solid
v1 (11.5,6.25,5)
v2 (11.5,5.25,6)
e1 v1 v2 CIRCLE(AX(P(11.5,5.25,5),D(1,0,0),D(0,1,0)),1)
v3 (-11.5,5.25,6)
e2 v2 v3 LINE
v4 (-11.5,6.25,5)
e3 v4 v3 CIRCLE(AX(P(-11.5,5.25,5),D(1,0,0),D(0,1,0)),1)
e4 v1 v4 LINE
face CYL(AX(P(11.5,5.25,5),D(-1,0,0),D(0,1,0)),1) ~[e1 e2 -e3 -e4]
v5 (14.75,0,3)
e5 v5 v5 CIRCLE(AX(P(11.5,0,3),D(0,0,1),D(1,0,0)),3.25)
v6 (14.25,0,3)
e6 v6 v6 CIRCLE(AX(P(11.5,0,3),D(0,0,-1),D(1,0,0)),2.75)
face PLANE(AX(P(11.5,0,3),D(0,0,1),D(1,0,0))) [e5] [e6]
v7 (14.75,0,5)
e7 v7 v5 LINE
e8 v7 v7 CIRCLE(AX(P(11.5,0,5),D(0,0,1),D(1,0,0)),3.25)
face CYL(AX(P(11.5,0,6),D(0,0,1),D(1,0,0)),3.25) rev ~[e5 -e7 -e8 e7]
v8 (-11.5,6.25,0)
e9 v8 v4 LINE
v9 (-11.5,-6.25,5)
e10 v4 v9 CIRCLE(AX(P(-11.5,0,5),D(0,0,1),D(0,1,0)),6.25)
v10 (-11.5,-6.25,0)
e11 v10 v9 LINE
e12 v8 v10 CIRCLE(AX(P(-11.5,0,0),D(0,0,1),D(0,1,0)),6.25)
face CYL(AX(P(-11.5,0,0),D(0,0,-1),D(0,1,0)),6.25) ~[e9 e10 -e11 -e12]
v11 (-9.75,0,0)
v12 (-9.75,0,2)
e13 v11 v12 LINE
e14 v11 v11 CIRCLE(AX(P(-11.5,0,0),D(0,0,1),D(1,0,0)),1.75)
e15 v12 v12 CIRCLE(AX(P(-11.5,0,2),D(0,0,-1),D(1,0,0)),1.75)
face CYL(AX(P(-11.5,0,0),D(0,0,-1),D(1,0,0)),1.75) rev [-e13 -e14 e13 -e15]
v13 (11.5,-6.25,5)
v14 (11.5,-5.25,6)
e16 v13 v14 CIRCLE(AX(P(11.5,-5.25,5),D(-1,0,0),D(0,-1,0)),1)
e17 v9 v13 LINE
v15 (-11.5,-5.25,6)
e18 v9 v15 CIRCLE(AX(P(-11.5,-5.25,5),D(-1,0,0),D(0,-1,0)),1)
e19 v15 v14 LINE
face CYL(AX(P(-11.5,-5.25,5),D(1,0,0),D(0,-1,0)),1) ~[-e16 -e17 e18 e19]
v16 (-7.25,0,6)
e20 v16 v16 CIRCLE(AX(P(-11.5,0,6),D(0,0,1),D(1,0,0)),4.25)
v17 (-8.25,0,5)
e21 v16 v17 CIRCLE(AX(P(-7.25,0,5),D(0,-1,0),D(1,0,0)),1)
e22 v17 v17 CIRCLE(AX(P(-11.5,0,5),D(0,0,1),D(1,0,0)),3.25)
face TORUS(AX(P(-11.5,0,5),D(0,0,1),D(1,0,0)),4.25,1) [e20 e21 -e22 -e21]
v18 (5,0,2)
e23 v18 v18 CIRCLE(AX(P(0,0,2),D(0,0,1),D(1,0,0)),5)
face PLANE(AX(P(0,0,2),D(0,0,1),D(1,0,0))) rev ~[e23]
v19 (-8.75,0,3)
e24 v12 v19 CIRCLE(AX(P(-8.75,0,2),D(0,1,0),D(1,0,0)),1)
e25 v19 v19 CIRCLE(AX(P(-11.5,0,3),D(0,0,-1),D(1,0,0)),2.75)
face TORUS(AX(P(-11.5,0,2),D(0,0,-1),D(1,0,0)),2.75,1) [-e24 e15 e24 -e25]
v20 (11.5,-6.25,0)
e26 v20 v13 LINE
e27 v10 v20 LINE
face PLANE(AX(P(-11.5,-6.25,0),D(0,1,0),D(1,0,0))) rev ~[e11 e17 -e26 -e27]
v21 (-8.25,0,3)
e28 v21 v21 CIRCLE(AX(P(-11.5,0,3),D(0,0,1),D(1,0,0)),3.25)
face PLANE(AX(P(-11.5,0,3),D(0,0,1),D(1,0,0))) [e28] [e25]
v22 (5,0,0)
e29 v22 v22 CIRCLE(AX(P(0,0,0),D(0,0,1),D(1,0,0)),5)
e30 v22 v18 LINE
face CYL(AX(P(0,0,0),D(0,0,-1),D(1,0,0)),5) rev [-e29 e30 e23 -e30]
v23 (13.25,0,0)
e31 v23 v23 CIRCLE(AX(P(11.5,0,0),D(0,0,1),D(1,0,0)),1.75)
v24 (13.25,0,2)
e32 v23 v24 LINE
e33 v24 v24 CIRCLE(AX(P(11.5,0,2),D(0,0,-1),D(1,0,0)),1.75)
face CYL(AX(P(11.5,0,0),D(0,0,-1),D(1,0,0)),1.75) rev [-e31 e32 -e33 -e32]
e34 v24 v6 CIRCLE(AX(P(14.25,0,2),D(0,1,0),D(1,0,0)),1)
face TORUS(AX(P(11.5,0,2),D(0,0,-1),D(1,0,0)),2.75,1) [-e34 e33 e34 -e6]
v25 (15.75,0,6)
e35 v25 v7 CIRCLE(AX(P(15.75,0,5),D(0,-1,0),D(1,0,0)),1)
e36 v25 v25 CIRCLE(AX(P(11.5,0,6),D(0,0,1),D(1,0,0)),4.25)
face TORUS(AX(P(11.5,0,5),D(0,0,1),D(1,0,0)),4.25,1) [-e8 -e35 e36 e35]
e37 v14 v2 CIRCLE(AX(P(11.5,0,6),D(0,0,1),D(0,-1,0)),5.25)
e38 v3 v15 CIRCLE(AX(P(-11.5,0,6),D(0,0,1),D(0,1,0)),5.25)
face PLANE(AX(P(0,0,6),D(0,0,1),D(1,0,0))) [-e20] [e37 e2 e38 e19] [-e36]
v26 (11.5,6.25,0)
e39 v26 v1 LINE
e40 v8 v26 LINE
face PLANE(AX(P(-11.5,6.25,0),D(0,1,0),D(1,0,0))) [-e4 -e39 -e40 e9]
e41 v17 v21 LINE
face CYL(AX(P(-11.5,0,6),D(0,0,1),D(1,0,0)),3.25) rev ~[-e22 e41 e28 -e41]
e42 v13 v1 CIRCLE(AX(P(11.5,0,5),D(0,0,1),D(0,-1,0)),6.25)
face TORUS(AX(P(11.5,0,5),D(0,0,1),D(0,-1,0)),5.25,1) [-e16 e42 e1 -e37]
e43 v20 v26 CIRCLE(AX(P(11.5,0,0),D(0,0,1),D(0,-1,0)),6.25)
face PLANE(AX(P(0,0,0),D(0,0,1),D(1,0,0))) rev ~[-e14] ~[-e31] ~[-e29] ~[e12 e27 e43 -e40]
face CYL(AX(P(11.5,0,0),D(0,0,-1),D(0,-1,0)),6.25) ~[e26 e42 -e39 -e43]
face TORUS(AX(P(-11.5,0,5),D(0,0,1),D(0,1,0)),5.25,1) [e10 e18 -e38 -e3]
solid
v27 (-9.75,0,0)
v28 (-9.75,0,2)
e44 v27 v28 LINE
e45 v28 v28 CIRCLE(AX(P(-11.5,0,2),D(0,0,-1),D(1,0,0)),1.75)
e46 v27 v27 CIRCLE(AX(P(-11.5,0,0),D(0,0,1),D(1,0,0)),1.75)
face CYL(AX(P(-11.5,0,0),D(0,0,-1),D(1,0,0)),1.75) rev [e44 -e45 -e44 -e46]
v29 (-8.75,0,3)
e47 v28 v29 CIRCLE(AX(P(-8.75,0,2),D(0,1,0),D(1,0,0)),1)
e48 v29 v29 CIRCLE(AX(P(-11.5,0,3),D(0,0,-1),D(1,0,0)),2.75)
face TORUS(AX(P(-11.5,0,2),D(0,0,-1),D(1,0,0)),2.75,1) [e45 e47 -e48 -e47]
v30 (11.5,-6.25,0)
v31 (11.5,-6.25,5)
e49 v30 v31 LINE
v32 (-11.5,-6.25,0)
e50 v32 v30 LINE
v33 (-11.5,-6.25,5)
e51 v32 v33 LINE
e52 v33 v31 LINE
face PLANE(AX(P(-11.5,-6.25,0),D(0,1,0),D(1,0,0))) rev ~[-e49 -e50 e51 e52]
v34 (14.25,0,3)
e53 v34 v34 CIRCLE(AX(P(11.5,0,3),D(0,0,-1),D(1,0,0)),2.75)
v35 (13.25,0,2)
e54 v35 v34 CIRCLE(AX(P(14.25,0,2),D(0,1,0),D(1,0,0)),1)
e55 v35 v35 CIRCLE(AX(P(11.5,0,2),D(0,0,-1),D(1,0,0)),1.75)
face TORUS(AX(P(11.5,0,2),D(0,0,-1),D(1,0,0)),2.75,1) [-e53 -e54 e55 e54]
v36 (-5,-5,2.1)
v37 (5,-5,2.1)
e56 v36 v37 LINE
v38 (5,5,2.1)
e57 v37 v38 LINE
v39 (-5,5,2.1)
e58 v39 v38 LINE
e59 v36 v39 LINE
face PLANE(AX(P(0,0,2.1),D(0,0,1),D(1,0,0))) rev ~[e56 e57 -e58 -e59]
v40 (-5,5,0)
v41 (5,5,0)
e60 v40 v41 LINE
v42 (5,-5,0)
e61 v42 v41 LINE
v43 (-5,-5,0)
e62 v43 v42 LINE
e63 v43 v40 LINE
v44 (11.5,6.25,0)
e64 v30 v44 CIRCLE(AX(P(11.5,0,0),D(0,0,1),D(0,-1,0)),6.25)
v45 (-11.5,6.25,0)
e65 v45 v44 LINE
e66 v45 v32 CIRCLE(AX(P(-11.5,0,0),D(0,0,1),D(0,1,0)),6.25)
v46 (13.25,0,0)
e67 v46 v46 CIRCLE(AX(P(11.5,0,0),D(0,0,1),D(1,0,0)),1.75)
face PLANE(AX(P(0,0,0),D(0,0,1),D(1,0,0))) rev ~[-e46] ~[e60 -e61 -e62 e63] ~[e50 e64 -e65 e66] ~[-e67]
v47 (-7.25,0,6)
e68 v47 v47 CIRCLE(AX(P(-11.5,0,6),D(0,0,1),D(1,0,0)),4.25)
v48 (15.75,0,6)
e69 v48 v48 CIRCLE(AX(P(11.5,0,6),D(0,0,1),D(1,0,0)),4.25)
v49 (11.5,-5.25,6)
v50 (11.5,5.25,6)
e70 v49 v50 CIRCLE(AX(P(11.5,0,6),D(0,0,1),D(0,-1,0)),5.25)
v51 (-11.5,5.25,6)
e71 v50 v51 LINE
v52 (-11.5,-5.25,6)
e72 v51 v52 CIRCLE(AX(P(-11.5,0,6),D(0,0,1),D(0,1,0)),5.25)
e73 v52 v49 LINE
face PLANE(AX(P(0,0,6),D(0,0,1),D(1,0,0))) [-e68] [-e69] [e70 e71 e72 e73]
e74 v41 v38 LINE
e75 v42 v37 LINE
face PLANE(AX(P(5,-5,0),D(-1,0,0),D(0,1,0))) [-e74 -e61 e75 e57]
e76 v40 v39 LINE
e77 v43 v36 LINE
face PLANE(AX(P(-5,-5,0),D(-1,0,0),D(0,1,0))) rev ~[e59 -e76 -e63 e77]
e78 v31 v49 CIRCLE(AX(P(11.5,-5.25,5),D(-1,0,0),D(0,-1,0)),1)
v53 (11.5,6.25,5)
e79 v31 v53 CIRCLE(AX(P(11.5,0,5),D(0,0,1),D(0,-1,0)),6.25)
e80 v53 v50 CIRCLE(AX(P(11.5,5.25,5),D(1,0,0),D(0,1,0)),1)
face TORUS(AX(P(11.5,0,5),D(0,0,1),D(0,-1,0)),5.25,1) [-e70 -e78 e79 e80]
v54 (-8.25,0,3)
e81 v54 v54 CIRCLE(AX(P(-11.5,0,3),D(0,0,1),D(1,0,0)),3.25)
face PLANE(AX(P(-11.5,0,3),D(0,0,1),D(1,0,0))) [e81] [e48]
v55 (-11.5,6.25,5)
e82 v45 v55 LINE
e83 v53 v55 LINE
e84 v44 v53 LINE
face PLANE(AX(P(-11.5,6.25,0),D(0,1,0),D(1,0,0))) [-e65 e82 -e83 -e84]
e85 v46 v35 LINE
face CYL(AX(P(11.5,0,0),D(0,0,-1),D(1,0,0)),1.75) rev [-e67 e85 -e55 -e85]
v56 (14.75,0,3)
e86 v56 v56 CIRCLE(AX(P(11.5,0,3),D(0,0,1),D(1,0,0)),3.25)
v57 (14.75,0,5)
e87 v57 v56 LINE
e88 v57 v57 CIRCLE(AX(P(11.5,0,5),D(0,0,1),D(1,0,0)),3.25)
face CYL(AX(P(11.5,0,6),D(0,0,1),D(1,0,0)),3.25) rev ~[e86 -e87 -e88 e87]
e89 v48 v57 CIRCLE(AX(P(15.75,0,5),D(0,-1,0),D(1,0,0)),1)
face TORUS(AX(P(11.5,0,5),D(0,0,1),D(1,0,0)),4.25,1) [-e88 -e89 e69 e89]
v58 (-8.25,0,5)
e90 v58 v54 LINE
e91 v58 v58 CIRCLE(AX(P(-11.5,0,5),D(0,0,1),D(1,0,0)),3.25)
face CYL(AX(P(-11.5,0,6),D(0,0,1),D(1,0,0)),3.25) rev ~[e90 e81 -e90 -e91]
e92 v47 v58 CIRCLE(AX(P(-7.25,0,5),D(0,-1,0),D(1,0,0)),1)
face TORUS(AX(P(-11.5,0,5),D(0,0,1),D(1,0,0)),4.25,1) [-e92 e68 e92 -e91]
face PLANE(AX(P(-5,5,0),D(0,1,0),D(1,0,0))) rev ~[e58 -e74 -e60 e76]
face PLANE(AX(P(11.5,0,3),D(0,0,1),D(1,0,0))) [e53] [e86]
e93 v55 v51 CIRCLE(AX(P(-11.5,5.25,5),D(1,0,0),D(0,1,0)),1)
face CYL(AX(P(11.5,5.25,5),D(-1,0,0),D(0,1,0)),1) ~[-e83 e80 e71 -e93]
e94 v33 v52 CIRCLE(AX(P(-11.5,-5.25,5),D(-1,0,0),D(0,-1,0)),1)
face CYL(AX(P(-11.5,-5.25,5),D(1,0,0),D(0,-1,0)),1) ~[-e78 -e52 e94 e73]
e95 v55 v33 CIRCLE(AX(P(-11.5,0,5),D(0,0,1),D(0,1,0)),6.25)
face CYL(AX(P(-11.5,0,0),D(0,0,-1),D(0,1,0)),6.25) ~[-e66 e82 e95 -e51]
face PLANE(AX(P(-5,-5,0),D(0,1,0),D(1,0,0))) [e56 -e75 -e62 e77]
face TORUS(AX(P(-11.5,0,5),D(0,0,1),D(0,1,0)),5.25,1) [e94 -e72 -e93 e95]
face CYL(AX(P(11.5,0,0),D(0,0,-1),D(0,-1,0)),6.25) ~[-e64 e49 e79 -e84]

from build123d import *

# Parameters (mm, degrees)
PAD_DEPTH       = 6
SKETCH002_W     = 10
SKETCH002_H     = 10
POCKET_DEPTH    = 2.1
SKETCH003_R     = 1.75
POCKET001_DEPTH = 6.001
FILLET_R        = 1
SKETCH004_R     = 3.25
POCKET002_DEPTH = 3
FILLET001_R     = 1
PAD001_DEPTH    = 6
SKETCH006_R     = 5
POCKET003_DEPTH = 2
SKETCH007_R     = 1.75
POCKET004_DEPTH = 6.001
FILLET002_R     = 1
SKETCH008_R     = 3.25
POCKET005_DEPTH = 3
FILLET003_R     = 1


with BuildPart() as square_magnet_body:
    # Sketch → Pad (new body)
    with BuildSketch(Plane.XY):
        with BuildLine():
            ThreePointArc((-11.5, 6.25), (-17.75, 0), (-11.5, -6.25))
            Line((-11.5, -6.25), (11.5, -6.25))
            ThreePointArc((11.5, -6.25), (17.75, 0), (11.5, 6.25))
            Line((-11.5, 6.25), (11.5, 6.25))
        make_face()
    extrude(amount=PAD_DEPTH)

    # Sketch002 → Pocket (cut)
    with BuildSketch(Plane.XY):
        Rectangle(SKETCH002_W, SKETCH002_H)
    extrude(amount=POCKET_DEPTH, mode=Mode.SUBTRACT)

    # Sketch003 → Pocket001 (cut, through all)
    with BuildSketch(Plane.XY):
        with Locations((11.5, 0)):
            Circle(SKETCH003_R)
        with Locations((-11.5, 0)):
            Circle(SKETCH003_R)
    extrude(amount=POCKET001_DEPTH, mode=Mode.SUBTRACT)

    # Fillet
    fillet_edges = [square_magnet_body.edges().sort_by_distance(p)[0] for p in [
        (0, -6.25, 6),
        (17.75, 0, 6),
        (0, 6.25, 6),
        (-17.75, 0, 6),
    ]]
    fillet(fillet_edges, radius=FILLET_R)

    # Sketch004 → Pocket002 (cut)
    with BuildSketch(Plane.XY.offset(6)):
        with Locations((-11.5, 0)):
            Circle(SKETCH004_R)
        with Locations((11.5, 0)):
            Circle(SKETCH004_R)
    extrude(amount=-POCKET002_DEPTH, mode=Mode.SUBTRACT)

    # Fillet001
    fillet001_edges = [square_magnet_body.edges().sort_by_distance(p)[0] for p in [
        (-14.75, 0, 6),
        (8.25, 0, 6),
        (-13.25, 0, 3),
        (9.75, 0, 3),
    ]]
    fillet(fillet001_edges, radius=FILLET001_R)


with BuildPart() as round_magnet_body:
    # Sketch005 → Pad001 (new body)
    with BuildSketch(Plane.XY):
        with BuildLine():
            ThreePointArc((-11.5, 6.25), (-17.75, 0), (-11.5, -6.25))
            Line((-11.5, -6.25), (11.5, -6.25))
            ThreePointArc((11.5, -6.25), (17.75, 0), (11.5, 6.25))
            Line((-11.5, 6.25), (11.5, 6.25))
        make_face()
    extrude(amount=PAD001_DEPTH)

    # Sketch006 → Pocket003 (cut)
    with BuildSketch(Plane.XY):
        Circle(SKETCH006_R)
    extrude(amount=POCKET003_DEPTH, mode=Mode.SUBTRACT)

    # Sketch007 → Pocket004 (cut, through all)
    with BuildSketch(Plane.XY):
        with Locations((11.5, 0)):
            Circle(SKETCH007_R)
        with Locations((-11.5, 0)):
            Circle(SKETCH007_R)
    extrude(amount=POCKET004_DEPTH, mode=Mode.SUBTRACT)

    # Fillet002
    fillet002_edges = [round_magnet_body.edges().sort_by_distance(p)[0] for p in [
        (0, -6.25, 6),
        (-9.75, 0, 3),
        (0, 6.25, 6),
        (-17.75, 0, 6),
    ]]
    fillet(fillet002_edges, radius=FILLET002_R)

    # Sketch008 → Pocket005 (cut)
    with BuildSketch(Plane.XY.offset(6)):
        with Locations((-11.5, 0)):
            Circle(SKETCH008_R)
        with Locations((11.5, 0)):
            Circle(SKETCH008_R)
    extrude(amount=-POCKET005_DEPTH, mode=Mode.SUBTRACT)

    # Fillet003
    fillet003_edges = [round_magnet_body.edges().sort_by_distance(p)[0] for p in [
        (-13.25, 0, 3),
        (-14.75, 0, 6),
        (8.25, 0, 6),
        (9.75, 0, 3),
    ]]
    fillet(fillet003_edges, radius=FILLET003_R)


solid = Compound([square_magnet_body.part, round_magnet_body.part])
